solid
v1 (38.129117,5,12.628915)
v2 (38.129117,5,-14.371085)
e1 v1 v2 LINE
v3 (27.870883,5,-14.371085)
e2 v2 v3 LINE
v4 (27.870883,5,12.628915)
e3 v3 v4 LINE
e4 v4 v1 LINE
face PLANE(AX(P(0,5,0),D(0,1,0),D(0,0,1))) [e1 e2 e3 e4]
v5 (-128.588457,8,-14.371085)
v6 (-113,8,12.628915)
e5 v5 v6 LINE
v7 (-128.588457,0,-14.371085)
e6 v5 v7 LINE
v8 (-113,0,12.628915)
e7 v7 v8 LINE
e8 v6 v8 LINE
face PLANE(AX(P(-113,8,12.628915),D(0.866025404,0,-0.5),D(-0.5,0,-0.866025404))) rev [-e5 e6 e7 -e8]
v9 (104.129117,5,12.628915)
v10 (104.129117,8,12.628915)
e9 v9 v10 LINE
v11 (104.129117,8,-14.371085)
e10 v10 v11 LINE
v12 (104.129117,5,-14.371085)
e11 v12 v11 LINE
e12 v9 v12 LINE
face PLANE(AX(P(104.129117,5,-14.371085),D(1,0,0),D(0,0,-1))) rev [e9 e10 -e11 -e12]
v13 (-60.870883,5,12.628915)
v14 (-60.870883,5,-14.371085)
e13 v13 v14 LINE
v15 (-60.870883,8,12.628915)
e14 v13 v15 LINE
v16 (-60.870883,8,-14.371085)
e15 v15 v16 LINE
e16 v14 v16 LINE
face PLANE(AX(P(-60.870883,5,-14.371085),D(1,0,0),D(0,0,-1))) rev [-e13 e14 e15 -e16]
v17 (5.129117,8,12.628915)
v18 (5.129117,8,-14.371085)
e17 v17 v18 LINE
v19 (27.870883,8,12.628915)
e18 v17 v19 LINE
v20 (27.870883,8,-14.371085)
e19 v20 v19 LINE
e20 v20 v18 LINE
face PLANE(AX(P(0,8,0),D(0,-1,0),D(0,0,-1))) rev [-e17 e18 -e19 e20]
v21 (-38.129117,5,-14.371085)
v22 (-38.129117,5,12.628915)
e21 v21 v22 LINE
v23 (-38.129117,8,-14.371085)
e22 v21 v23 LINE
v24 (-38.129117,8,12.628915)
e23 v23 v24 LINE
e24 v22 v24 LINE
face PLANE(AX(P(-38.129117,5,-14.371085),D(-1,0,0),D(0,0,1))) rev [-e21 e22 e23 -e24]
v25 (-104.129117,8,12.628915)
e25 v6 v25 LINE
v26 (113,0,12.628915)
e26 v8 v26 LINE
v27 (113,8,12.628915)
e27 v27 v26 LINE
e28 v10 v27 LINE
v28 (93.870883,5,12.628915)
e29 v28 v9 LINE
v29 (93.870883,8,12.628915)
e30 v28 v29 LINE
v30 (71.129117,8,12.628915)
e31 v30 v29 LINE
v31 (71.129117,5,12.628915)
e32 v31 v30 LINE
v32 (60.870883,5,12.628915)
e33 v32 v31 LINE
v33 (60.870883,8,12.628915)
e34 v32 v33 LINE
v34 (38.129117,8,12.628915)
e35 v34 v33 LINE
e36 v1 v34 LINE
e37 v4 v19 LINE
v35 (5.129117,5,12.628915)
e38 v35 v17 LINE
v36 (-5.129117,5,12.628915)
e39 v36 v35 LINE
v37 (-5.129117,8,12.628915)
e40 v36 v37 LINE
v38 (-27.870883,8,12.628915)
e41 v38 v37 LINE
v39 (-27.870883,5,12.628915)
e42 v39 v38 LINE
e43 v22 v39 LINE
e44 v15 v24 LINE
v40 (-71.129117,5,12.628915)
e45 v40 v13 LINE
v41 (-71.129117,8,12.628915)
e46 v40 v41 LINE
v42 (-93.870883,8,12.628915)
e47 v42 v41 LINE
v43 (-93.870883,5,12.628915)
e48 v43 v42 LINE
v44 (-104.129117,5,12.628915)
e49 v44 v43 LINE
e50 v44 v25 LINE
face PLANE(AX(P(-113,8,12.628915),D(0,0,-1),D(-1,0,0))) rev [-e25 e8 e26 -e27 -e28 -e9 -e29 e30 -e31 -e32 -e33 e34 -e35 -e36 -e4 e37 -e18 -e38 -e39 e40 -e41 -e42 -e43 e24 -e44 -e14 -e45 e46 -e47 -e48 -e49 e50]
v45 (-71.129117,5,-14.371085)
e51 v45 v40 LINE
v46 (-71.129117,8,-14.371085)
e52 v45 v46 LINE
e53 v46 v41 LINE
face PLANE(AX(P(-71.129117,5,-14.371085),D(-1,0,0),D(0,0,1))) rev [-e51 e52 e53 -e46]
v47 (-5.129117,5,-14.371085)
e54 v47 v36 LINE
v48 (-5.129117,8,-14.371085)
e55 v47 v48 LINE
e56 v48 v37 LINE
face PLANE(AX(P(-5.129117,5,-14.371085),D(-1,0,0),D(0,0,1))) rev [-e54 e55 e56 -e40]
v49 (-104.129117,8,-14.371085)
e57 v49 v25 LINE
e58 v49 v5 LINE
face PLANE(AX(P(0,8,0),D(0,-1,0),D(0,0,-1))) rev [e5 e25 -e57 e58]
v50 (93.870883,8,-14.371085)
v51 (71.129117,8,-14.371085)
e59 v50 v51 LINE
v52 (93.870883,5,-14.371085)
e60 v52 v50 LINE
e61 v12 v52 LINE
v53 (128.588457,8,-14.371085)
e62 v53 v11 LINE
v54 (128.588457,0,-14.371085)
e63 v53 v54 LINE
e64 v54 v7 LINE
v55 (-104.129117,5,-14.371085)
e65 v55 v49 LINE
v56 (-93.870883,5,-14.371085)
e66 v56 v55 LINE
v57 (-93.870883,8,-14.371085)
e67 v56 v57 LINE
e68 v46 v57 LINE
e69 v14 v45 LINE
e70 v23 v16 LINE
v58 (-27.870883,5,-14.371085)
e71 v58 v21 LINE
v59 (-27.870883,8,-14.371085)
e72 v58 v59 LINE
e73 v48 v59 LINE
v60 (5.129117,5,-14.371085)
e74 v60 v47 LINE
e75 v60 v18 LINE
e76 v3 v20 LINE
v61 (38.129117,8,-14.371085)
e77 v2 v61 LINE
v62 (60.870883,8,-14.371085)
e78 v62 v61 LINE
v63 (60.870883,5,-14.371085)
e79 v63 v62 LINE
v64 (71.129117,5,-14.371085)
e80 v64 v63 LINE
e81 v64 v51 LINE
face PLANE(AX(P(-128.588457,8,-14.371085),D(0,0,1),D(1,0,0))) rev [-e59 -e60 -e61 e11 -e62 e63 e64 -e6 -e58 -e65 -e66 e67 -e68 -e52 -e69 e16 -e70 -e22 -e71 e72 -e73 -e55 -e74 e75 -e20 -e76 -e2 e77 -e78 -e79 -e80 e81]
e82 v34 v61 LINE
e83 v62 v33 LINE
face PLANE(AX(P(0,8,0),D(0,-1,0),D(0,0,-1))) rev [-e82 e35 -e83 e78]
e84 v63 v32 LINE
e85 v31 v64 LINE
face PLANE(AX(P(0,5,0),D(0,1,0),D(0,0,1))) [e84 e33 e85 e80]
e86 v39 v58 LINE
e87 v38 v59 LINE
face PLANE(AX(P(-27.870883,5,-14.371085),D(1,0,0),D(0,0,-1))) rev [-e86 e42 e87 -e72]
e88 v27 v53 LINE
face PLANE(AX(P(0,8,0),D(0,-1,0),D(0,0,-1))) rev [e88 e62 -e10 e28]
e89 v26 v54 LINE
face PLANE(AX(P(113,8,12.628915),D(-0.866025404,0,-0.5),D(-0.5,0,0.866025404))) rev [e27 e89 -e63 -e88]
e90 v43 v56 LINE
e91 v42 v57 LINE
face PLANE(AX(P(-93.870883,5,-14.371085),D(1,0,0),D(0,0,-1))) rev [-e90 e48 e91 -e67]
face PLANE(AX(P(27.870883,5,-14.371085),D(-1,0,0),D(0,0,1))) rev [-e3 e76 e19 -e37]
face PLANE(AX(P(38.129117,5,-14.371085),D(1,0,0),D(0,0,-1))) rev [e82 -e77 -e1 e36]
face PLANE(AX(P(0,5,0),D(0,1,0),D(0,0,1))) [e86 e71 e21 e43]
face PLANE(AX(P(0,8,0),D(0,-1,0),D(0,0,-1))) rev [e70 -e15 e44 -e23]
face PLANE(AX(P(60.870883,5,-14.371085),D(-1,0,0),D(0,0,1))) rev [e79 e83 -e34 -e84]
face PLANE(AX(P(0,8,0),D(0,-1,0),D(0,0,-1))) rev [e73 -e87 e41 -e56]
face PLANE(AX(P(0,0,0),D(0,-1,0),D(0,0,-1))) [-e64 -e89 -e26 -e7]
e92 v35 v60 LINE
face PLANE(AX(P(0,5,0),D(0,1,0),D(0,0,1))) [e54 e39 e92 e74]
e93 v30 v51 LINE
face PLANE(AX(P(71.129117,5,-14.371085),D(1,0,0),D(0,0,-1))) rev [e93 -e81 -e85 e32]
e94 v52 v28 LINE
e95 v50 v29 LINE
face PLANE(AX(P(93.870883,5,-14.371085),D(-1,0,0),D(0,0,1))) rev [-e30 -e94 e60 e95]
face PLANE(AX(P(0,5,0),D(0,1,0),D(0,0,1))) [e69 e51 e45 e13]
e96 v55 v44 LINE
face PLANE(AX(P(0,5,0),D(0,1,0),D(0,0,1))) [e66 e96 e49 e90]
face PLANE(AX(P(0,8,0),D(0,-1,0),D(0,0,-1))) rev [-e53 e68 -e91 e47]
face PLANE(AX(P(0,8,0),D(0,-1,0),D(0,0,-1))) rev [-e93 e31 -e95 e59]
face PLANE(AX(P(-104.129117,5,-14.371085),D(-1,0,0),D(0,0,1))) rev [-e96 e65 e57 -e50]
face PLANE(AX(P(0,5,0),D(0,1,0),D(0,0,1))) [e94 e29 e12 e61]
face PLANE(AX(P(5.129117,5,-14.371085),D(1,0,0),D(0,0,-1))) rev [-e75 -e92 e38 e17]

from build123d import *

# Parameters (mm, degrees)
BOSS_EXTRUDE1_DEPTH = 8
SKETCH4_W           = 10.258234738
SKETCH4_H           = 27
CUT_EXTRUDE1_DEPTH  = 3


with BuildPart() as part:
    # Sketch1 → Boss-Extrude1 (new body)
    with BuildSketch(Plane(origin=(0, 0, 0), x_dir=(1, 0, 0), z_dir=(0, 1, 0))):
        Polygon((-113, -12.62891462), (113, -12.62891462), (128.588457268, 14.37108538), (-128.588457268, 14.37108538), align=None)
    extrude(amount=BOSS_EXTRUDE1_DEPTH)

    # Sketch4 → Cut-Extrude1 (cut)
    with BuildSketch(Plane(origin=(0, 8, 0), x_dir=(1, 0, 0), z_dir=(0, 1, 0))):
        with Locations((-66, 0.87108538)):
            Rectangle(SKETCH4_W, SKETCH4_H)
        with Locations((-99, 0.87108538)):
            Rectangle(SKETCH4_W, SKETCH4_H)
        with Locations((-33, 0.87108538)):
            Rectangle(SKETCH4_W, SKETCH4_H)
        with Locations((0, 0.87108538)):
            Rectangle(SKETCH4_W, SKETCH4_H)
        with Locations((33, 0.87108538)):
            Rectangle(SKETCH4_W, SKETCH4_H)
        with Locations((66, 0.87108538)):
            Rectangle(SKETCH4_W, SKETCH4_H)
        with Locations((99, 0.87108538)):
            Rectangle(SKETCH4_W, SKETCH4_H)
    extrude(amount=-CUT_EXTRUDE1_DEPTH, mode=Mode.SUBTRACT)


solid = part.part
